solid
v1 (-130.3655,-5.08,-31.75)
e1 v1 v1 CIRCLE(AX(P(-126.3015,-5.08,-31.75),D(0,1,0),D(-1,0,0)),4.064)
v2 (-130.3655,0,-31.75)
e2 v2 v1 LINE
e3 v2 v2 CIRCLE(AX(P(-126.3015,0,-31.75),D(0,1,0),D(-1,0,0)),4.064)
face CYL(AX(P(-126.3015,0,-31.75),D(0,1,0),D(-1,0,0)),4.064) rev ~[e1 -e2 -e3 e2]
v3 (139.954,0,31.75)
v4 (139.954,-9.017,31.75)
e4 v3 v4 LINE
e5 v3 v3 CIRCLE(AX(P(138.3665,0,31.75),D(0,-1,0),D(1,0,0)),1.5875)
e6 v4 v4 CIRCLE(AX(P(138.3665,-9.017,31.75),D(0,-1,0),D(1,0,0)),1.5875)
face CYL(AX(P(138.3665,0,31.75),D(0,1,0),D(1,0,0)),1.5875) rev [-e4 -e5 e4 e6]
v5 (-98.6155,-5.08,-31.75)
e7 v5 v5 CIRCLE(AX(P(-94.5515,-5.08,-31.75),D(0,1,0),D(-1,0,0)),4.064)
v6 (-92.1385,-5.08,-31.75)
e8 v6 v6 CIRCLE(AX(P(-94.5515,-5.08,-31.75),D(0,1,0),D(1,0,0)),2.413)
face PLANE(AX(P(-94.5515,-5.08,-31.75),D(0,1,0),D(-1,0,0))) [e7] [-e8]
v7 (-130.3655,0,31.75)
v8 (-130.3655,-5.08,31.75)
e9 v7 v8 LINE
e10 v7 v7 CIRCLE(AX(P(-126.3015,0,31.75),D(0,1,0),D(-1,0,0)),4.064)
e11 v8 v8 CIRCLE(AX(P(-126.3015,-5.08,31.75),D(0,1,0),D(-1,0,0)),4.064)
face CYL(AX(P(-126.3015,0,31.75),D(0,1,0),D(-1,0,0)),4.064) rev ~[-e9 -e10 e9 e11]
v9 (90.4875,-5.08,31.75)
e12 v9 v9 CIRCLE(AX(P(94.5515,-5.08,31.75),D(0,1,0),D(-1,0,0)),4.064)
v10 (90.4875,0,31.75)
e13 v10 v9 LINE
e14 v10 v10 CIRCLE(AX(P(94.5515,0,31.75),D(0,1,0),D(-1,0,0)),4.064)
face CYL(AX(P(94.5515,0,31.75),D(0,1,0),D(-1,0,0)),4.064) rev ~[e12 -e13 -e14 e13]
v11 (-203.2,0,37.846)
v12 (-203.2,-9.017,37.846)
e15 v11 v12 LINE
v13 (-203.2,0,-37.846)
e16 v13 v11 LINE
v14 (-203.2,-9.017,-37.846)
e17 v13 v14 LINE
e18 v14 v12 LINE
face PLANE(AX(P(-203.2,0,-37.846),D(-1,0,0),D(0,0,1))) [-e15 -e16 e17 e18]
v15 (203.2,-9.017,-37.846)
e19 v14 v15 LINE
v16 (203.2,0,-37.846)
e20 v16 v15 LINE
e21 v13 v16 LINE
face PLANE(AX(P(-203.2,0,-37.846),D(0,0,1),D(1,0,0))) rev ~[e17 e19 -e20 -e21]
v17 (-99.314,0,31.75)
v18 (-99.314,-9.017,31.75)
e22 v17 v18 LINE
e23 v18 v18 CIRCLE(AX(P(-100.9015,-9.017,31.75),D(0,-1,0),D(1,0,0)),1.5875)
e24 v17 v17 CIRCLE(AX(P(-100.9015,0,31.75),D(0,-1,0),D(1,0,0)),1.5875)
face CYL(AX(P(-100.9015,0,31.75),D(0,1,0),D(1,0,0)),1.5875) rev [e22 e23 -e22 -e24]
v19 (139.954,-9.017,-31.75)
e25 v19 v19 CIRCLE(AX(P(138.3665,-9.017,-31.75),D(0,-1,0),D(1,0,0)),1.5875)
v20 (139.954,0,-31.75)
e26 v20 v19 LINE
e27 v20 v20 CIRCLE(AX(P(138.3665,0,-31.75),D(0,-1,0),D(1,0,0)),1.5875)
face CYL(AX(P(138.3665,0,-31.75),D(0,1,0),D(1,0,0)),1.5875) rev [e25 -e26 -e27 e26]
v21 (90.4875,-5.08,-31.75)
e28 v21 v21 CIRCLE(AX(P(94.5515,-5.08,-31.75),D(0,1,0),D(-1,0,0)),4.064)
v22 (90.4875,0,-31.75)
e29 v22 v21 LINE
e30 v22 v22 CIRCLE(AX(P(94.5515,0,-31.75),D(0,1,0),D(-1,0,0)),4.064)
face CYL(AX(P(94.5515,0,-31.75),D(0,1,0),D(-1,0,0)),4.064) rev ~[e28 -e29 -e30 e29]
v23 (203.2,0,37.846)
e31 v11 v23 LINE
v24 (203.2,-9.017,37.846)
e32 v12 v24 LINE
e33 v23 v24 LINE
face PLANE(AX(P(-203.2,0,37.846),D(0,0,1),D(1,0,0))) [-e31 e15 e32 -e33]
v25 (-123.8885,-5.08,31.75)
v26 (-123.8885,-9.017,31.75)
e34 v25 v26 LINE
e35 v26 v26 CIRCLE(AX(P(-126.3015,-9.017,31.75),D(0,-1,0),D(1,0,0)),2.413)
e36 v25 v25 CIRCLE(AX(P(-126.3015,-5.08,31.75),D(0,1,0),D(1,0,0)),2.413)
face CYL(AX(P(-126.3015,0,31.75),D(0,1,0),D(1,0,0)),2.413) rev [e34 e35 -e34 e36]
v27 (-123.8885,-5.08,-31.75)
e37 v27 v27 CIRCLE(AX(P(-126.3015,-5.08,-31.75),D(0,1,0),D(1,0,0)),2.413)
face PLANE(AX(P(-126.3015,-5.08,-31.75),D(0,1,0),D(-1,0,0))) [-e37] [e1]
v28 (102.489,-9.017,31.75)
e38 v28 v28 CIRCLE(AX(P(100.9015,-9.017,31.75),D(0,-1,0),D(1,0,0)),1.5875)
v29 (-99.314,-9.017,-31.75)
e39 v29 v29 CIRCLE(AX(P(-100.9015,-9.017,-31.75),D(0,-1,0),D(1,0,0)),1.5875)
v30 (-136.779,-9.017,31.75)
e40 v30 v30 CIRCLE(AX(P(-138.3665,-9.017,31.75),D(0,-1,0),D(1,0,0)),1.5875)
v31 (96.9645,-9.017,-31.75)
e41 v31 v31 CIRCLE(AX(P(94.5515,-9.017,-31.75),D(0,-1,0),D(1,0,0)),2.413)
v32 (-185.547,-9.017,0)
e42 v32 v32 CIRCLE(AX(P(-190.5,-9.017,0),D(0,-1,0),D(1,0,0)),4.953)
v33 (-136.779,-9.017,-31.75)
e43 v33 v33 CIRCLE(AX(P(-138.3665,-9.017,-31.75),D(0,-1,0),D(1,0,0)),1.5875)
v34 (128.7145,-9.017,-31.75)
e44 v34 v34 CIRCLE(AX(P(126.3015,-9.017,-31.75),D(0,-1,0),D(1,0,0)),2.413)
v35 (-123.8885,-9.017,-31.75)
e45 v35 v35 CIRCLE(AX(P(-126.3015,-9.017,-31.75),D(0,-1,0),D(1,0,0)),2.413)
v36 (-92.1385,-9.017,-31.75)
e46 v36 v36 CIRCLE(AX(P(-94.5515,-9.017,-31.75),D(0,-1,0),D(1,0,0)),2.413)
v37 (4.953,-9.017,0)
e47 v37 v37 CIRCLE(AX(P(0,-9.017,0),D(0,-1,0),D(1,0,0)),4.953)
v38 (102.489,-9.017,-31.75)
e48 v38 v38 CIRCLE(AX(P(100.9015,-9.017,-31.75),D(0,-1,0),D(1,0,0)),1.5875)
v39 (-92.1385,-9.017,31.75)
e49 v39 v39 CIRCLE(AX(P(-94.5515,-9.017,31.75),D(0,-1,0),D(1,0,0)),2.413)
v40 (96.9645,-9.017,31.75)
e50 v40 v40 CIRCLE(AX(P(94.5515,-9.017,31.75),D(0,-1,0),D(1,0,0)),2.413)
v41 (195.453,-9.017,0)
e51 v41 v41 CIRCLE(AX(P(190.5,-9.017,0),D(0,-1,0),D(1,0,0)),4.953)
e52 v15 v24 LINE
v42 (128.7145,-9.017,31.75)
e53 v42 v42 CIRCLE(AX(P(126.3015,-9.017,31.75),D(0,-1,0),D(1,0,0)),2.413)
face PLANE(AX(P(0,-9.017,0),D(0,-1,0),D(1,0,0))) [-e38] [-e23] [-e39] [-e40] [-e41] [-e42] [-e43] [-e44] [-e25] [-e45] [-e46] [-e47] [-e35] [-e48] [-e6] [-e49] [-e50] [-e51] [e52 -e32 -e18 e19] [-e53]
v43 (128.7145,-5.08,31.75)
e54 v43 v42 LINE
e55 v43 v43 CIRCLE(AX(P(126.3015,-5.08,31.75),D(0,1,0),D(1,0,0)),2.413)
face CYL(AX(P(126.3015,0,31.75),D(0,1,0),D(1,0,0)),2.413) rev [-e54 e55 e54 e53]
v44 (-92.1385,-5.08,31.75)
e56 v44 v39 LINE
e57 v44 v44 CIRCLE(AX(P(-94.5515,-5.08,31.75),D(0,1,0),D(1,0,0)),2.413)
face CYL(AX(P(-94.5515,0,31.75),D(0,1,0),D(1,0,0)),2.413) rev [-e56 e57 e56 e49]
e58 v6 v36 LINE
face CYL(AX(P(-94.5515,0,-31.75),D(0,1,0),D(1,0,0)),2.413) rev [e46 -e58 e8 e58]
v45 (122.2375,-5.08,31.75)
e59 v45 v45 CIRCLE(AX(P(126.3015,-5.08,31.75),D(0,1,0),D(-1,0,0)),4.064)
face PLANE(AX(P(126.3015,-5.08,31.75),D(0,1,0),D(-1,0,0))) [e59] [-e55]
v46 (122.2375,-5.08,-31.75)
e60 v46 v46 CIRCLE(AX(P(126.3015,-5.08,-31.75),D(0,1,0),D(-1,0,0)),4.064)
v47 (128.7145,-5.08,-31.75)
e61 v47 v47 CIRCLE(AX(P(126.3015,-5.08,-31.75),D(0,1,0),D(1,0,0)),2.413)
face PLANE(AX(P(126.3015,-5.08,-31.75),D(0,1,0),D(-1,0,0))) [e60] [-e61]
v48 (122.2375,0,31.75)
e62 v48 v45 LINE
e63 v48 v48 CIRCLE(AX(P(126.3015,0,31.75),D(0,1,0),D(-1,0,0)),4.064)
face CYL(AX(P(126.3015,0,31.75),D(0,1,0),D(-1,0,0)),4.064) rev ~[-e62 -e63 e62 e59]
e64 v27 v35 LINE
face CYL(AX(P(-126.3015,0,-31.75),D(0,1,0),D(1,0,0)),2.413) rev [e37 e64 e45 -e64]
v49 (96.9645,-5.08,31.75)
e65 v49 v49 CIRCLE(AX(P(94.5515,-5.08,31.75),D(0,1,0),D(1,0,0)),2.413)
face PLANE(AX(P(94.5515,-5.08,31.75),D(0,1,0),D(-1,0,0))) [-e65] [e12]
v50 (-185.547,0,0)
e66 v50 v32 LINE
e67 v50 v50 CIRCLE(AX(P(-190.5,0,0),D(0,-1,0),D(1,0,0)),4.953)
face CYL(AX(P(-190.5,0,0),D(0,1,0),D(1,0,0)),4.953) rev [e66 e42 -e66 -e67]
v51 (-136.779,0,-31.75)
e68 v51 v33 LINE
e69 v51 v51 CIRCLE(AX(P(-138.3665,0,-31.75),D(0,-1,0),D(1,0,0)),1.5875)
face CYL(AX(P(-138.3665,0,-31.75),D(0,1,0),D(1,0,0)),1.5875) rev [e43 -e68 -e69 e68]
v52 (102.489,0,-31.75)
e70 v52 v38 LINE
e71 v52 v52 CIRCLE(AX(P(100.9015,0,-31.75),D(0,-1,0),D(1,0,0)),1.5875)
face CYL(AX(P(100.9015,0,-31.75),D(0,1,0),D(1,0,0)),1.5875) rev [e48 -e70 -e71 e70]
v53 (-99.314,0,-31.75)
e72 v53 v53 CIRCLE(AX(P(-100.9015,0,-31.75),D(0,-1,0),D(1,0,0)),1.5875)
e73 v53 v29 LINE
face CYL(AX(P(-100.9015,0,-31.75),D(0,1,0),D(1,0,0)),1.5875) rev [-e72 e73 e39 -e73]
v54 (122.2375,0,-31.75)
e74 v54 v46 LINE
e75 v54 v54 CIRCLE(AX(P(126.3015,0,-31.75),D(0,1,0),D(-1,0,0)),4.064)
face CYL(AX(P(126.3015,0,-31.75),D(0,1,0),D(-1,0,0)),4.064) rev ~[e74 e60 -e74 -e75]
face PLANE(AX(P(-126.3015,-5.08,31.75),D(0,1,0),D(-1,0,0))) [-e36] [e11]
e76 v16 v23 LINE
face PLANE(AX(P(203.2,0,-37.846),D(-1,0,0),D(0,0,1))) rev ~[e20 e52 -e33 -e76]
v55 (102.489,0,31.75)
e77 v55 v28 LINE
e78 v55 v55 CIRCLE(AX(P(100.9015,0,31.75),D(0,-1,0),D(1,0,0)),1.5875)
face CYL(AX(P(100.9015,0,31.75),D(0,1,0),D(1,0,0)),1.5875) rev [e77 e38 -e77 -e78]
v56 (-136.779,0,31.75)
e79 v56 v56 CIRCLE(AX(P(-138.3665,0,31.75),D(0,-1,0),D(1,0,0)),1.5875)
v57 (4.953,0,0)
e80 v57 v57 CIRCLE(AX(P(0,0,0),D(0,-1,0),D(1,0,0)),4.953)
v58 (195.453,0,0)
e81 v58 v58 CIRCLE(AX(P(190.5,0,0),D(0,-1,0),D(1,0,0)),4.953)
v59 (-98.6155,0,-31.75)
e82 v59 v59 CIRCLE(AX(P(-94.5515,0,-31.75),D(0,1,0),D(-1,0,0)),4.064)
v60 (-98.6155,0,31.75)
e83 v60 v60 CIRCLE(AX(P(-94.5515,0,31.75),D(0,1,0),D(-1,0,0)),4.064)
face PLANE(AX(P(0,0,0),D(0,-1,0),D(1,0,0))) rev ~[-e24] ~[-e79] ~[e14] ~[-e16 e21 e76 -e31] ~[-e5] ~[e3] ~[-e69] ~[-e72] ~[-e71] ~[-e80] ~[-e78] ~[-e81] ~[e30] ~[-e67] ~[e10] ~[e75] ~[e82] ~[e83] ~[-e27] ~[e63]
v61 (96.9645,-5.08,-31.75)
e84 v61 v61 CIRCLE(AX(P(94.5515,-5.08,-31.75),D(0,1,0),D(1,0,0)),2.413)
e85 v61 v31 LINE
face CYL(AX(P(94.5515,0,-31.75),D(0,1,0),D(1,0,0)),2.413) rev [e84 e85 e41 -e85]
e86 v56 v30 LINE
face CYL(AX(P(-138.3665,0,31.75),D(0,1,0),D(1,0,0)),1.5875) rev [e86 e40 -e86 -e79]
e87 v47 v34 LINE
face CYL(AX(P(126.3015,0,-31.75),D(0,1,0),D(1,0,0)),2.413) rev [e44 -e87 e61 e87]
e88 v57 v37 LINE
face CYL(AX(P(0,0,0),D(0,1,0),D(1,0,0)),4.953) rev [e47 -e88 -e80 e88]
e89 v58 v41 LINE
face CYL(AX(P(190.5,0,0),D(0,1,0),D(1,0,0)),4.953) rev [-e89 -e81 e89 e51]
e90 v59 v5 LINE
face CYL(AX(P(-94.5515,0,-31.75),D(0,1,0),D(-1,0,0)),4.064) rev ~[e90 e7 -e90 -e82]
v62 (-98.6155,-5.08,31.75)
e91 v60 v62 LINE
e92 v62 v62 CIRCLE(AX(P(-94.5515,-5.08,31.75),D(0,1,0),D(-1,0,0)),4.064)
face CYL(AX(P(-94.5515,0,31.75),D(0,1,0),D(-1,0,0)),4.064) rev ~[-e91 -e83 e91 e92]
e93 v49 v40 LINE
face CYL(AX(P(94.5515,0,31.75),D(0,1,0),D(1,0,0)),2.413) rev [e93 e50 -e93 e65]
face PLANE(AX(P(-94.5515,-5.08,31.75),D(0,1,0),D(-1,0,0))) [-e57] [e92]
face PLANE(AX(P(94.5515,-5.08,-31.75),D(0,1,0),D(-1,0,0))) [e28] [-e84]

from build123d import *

# Parameters (mm, degrees)
F0_W     = 406.4
F0_H     = 75.692
F0_R     = 1.5875
F0_R_2   = 2.413
F0_R_3   = 4.953
F1_DEPTH = 9.017
F2_R     = 4.064
F3_DEPTH = 5.08


with BuildPart() as f1:
    # F0 (on Front) → F1 (new body)
    with BuildSketch(Plane.XZ):
        Rectangle(F0_W, F0_H)
        with Locations((-138.3665, -31.75)):
            Circle(F0_R, mode=Mode.SUBTRACT)
        with Locations((-126.3015, -31.75)):
            Circle(F0_R_2, mode=Mode.SUBTRACT)
        with Locations((-100.9015, -31.75)):
            Circle(F0_R, mode=Mode.SUBTRACT)
        with Locations((-94.5515, -31.75)):
            Circle(F0_R_2, mode=Mode.SUBTRACT)
        with Locations((94.5515, -31.75)):
            Circle(F0_R_2, mode=Mode.SUBTRACT)
        with Locations((100.9015, -31.75)):
            Circle(F0_R, mode=Mode.SUBTRACT)
        with Locations((126.3015, -31.75)):
            Circle(F0_R_2, mode=Mode.SUBTRACT)
        with Locations((138.3665, -31.75)):
            Circle(F0_R, mode=Mode.SUBTRACT)
        with Locations((-190.5, 0)):
            Circle(F0_R_3, mode=Mode.SUBTRACT)
        Circle(F0_R_3, mode=Mode.SUBTRACT)
        with Locations((-138.3665, 31.75)):
            Circle(F0_R, mode=Mode.SUBTRACT)
        with Locations((-126.3015, 31.75)):
            Circle(F0_R_2, mode=Mode.SUBTRACT)
        with Locations((-100.9015, 31.75)):
            Circle(F0_R, mode=Mode.SUBTRACT)
        with Locations((-94.5515, 31.75)):
            Circle(F0_R_2, mode=Mode.SUBTRACT)
        with Locations((190.5, 0)):
            Circle(F0_R_3, mode=Mode.SUBTRACT)
        with Locations((94.5515, 31.75)):
            Circle(F0_R_2, mode=Mode.SUBTRACT)
        with Locations((100.9015, 31.75)):
            Circle(F0_R, mode=Mode.SUBTRACT)
        with Locations((126.3015, 31.75)):
            Circle(F0_R_2, mode=Mode.SUBTRACT)
        with Locations((138.3665, 31.75)):
            Circle(F0_R, mode=Mode.SUBTRACT)
    extrude(amount=F1_DEPTH)

    # F2 (on face) → F3 (cut)
    with BuildSketch(Plane(origin=(0, 0, 0), x_dir=(-1, 0, 0), z_dir=(0, 1, 0))):
        with Locations((126.3015, 31.75)):
            Circle(F2_R)
        with Locations((94.5515, 31.75)):
            Circle(F2_R)
        with Locations((126.3015, -31.75)):
            Circle(F2_R)
        with Locations((94.5515, -31.75)):
            Circle(F2_R)
        with Locations((-126.3015, 31.75)):
            Circle(F2_R)
        with Locations((-94.5515, 31.75)):
            Circle(F2_R)
        with Locations((-94.5515, -31.75)):
            Circle(F2_R)
        with Locations((-126.3015, -31.75)):
            Circle(F2_R)
    extrude(amount=-F3_DEPTH, mode=Mode.SUBTRACT)


solid = f1.part
